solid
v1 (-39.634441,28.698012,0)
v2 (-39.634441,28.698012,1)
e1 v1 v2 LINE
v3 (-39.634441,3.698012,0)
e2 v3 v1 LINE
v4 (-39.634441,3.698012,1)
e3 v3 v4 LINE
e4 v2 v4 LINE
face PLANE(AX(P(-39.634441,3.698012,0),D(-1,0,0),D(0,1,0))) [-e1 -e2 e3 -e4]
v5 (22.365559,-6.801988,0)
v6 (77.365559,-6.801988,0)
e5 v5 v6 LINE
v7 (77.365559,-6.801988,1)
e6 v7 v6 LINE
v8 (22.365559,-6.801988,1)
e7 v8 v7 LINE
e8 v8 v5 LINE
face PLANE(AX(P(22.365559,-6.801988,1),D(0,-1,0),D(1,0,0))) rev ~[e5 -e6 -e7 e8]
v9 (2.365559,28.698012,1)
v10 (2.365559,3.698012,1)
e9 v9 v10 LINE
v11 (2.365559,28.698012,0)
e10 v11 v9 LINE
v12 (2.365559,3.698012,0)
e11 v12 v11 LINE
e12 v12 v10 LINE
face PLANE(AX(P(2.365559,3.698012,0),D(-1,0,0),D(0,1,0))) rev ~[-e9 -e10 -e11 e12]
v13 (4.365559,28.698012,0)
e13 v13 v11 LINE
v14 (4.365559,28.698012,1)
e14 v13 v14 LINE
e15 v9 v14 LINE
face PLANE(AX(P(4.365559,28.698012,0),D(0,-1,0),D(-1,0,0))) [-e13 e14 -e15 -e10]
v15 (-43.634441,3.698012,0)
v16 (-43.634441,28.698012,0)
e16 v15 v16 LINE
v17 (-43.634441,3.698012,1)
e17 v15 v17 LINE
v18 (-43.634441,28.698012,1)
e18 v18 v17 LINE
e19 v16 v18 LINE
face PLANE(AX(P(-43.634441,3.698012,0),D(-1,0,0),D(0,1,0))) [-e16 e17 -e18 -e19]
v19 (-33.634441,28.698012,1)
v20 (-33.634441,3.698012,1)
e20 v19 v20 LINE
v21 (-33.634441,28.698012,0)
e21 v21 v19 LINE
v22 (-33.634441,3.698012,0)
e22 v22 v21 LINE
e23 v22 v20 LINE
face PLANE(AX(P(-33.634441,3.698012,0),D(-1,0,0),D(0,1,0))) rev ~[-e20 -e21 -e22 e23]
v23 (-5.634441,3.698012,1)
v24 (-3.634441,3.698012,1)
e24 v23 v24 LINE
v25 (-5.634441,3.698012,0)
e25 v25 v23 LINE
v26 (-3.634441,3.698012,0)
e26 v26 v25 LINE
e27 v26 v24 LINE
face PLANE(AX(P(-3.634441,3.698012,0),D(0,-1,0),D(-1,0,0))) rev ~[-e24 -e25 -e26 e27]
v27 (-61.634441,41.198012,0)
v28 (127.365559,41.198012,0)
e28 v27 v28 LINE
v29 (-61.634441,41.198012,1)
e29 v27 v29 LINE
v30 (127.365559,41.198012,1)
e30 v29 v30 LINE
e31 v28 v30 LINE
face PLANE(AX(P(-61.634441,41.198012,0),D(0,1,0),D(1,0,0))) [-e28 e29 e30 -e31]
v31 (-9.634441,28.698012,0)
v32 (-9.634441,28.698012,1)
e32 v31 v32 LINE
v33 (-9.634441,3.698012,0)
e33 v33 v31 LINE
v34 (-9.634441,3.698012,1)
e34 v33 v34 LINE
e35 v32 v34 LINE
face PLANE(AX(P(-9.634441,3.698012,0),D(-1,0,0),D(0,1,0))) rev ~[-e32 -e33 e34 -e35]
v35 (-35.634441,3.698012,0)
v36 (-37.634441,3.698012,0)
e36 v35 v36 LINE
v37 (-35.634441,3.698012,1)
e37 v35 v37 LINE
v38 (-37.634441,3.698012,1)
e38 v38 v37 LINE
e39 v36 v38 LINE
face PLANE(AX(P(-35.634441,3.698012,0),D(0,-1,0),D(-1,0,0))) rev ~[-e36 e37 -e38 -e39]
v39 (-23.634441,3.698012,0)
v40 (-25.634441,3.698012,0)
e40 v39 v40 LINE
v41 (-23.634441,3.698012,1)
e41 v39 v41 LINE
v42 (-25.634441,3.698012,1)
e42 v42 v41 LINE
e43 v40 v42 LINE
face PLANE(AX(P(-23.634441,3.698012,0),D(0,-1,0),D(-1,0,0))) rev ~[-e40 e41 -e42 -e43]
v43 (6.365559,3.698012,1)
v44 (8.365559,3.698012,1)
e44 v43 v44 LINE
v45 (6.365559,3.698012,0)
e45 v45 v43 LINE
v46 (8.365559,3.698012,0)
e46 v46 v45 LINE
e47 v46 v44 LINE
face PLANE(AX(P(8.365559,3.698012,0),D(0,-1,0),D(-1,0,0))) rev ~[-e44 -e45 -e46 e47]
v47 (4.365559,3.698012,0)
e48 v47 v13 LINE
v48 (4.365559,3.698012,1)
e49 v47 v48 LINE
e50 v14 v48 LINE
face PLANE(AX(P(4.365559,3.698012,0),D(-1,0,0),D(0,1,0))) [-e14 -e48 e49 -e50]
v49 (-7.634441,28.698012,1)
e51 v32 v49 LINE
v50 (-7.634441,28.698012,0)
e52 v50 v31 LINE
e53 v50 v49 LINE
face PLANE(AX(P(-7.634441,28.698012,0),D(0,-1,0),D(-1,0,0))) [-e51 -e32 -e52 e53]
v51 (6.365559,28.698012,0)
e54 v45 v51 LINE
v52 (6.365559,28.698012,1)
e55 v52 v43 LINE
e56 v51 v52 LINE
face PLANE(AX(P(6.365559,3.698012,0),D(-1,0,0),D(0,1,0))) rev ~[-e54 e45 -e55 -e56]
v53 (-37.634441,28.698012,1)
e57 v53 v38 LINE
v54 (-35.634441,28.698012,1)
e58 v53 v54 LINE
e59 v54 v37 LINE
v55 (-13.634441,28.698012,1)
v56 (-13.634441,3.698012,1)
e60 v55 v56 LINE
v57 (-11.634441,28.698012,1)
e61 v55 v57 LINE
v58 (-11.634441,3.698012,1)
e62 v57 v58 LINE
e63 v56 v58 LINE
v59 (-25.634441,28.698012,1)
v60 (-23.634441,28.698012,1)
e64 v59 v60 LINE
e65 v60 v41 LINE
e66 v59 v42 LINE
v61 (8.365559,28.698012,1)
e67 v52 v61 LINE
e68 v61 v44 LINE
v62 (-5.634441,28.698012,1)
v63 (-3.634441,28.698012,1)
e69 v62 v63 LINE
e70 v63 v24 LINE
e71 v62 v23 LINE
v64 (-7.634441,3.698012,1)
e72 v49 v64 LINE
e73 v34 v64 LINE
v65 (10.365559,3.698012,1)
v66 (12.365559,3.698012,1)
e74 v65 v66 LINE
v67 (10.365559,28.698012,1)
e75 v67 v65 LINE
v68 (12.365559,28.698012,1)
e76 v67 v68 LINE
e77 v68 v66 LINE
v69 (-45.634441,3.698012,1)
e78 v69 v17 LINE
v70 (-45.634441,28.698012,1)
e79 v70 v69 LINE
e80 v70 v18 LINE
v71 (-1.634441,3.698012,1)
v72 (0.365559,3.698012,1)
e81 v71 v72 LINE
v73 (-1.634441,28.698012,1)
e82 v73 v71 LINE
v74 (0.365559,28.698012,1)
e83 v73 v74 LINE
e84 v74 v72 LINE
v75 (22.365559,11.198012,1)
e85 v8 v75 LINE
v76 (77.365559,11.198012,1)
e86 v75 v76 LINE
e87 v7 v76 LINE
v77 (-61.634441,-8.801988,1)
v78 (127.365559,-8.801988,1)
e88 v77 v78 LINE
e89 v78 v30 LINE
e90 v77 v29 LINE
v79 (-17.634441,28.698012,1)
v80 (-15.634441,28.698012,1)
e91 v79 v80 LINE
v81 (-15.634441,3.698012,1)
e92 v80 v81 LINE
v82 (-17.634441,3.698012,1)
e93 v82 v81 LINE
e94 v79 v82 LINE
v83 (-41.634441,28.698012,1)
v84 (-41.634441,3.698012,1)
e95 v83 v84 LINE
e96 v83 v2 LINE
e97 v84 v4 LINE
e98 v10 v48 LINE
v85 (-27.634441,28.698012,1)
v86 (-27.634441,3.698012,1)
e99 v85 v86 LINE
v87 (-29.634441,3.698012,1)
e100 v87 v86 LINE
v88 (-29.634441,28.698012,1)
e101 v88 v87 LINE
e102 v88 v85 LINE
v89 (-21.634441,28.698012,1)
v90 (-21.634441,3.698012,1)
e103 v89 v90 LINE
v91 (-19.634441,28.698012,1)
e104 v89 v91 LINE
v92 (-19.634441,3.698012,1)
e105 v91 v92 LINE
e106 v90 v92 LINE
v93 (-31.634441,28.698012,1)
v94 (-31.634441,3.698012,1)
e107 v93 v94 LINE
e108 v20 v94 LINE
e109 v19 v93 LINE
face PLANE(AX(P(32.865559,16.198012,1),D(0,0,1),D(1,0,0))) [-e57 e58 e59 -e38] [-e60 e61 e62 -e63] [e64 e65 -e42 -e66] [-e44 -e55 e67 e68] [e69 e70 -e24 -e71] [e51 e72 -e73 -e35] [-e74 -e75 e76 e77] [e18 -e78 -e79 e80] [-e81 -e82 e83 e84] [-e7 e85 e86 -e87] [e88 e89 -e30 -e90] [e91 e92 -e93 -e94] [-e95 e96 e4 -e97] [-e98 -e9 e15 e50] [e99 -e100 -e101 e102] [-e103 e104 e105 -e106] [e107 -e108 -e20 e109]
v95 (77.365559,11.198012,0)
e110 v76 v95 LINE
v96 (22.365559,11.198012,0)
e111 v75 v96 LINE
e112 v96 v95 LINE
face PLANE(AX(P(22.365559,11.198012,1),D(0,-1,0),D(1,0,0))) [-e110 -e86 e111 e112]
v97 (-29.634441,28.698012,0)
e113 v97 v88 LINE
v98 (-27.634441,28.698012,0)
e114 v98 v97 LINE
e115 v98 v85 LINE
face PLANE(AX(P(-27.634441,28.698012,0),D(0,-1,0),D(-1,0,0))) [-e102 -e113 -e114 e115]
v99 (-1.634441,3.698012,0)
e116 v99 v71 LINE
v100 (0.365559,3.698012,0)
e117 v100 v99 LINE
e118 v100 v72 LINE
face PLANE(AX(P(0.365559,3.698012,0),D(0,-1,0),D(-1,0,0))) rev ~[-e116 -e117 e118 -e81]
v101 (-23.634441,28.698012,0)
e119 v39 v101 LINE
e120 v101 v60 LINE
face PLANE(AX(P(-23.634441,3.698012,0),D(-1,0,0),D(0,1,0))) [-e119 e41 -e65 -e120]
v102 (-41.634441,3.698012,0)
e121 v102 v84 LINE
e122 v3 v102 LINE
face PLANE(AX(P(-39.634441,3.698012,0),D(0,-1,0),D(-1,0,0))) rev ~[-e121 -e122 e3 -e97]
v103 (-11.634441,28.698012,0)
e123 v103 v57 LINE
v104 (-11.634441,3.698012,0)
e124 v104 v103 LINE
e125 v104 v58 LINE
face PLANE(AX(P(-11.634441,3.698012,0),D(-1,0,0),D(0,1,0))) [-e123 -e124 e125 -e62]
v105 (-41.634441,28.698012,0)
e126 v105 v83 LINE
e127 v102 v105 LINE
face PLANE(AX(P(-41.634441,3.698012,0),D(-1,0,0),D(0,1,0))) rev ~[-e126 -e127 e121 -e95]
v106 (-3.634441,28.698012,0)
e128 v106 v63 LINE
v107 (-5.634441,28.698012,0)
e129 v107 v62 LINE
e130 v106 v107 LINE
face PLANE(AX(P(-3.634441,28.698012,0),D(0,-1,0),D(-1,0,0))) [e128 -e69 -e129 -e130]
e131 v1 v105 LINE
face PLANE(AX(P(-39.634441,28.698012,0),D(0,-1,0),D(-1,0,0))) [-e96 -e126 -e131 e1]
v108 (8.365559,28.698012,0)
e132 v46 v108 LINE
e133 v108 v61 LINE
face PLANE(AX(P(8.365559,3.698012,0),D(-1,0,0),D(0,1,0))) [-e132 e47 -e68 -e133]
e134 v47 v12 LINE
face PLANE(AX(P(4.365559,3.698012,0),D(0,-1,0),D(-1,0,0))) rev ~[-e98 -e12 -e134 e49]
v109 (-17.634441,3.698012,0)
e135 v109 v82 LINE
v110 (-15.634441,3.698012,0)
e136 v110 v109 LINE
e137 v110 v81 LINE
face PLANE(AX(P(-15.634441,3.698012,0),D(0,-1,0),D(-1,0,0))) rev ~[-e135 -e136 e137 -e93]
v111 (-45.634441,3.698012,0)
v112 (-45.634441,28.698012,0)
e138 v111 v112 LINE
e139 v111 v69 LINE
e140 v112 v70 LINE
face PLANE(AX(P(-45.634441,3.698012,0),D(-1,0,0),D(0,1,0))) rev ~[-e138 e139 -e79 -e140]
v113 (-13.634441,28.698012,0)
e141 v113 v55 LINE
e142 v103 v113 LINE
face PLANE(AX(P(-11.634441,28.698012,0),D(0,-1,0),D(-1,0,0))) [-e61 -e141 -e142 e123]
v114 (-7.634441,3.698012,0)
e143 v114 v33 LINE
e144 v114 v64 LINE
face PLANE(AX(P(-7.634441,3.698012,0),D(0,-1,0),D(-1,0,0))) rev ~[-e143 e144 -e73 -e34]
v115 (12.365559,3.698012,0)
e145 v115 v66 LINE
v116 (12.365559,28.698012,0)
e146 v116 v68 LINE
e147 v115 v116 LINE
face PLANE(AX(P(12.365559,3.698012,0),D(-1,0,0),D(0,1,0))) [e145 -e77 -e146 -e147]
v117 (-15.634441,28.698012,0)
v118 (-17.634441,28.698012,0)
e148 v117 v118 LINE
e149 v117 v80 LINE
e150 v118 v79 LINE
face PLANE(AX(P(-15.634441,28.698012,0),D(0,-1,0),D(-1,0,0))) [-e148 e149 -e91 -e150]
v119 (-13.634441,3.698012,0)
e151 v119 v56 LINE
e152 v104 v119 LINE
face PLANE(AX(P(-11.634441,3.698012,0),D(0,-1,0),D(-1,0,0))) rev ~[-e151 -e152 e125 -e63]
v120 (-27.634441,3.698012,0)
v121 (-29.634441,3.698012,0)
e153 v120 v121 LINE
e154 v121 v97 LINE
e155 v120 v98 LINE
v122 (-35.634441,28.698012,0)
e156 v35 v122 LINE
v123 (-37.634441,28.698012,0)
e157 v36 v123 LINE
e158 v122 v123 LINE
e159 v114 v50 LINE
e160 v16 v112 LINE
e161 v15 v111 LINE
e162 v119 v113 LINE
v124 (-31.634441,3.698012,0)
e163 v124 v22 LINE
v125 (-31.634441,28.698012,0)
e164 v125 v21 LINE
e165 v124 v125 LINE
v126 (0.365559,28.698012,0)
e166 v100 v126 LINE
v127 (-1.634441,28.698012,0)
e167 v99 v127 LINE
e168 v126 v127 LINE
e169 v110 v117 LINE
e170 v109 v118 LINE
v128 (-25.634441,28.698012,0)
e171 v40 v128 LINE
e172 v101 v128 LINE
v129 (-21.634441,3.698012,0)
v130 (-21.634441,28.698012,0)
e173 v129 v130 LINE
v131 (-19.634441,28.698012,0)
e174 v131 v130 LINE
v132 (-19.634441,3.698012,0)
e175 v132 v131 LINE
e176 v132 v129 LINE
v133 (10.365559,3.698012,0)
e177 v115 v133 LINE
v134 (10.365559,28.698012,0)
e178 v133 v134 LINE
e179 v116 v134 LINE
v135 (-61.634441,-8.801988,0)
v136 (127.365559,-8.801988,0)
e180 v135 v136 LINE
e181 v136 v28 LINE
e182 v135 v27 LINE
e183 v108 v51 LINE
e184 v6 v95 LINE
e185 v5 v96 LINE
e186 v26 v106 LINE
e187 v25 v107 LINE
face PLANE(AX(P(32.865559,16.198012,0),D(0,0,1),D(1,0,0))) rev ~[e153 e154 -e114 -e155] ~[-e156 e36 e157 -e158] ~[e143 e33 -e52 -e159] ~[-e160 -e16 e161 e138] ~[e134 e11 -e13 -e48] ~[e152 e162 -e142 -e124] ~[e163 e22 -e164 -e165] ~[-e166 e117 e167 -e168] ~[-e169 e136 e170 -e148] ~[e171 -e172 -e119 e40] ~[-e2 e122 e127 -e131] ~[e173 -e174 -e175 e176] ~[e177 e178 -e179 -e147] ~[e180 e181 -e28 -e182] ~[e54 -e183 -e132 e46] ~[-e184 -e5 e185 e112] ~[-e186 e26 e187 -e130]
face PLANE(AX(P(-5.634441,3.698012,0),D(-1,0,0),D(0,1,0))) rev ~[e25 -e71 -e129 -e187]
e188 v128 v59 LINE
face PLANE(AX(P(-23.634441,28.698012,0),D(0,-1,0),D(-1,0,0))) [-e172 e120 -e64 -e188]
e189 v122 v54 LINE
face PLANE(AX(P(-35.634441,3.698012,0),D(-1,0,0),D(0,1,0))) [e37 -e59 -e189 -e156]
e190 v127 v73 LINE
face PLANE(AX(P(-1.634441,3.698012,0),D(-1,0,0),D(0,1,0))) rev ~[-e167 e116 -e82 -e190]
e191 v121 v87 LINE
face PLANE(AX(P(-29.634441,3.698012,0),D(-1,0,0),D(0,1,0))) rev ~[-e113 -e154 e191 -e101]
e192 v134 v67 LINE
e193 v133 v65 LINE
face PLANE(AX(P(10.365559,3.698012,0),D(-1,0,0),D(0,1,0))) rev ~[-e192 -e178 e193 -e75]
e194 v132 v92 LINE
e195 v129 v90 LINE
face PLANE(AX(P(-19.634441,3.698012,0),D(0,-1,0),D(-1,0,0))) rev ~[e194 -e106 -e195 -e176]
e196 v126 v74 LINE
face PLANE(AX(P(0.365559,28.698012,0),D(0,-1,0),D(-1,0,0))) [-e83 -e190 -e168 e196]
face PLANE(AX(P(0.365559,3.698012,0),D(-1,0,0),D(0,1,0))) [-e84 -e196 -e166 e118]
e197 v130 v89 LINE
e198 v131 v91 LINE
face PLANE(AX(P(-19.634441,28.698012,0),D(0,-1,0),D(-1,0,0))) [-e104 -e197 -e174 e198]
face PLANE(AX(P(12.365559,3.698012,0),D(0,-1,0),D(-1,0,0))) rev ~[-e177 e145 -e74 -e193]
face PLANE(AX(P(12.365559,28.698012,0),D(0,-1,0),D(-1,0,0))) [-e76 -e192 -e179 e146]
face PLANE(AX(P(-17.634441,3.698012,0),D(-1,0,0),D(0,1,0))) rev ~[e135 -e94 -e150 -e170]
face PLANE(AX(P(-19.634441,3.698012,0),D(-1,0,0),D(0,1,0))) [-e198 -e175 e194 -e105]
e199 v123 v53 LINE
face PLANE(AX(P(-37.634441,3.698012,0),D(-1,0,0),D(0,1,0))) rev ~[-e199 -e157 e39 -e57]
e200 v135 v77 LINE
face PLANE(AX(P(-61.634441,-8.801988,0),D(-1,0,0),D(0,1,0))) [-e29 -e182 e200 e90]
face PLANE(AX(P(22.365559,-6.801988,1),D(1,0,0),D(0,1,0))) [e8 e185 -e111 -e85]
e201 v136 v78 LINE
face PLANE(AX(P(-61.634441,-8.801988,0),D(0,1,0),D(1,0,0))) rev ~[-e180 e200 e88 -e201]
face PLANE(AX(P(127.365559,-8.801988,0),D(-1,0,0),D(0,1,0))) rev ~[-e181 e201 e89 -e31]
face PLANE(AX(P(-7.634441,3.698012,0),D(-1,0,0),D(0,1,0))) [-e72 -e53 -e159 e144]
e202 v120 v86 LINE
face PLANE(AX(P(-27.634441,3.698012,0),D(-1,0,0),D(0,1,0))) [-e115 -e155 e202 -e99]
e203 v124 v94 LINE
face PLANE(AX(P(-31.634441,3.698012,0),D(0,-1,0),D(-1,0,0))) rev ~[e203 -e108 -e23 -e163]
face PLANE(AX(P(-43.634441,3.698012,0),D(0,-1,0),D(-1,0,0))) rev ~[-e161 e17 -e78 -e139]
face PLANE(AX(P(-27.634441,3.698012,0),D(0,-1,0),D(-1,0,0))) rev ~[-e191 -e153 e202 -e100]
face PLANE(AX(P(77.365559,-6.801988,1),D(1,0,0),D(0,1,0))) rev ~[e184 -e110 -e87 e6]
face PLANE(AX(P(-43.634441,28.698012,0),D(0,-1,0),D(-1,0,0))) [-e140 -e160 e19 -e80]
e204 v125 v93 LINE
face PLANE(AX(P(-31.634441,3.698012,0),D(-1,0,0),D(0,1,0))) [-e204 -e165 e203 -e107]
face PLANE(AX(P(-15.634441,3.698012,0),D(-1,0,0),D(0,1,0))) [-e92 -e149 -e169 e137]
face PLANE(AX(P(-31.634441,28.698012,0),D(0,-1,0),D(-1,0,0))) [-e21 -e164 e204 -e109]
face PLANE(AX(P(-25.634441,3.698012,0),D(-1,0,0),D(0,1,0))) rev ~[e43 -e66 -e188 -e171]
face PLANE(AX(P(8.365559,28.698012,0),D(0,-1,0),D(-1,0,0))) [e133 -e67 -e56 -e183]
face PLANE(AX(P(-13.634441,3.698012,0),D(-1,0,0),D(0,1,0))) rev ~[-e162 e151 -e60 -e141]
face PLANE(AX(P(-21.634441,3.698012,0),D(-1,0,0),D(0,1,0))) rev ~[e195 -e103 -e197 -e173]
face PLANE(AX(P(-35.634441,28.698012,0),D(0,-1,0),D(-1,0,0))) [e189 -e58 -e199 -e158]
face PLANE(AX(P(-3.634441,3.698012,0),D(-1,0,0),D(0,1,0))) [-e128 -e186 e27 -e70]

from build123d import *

# Parameters (mm, degrees)
SKETCH1_W           = 189
SKETCH1_H           = 50
BOSS_EXTRUDE1_DEPTH = 1
SKETCH2_W           = 55
SKETCH2_H           = 18
CUT_EXTRUDE1_DEPTH  = 2
SKETCH3_W           = 2
SKETCH3_H           = 25
CUT_EXTRUDE2_DEPTH  = 2


with BuildPart() as part:
    # Sketch1 → Boss-Extrude1 (new body)
    with BuildSketch(Plane.XY):
        with Locations((32.8655586, 16.198012015)):
            Rectangle(SKETCH1_W, SKETCH1_H)
    extrude(amount=BOSS_EXTRUDE1_DEPTH)

    # Sketch2 → Cut-Extrude1 (cut, through all)
    with BuildSketch(Plane.XY.offset(1)):
        with Locations((49.8655586, 2.198012015)):
            Rectangle(SKETCH2_W, SKETCH2_H)
    extrude(amount=-CUT_EXTRUDE1_DEPTH, mode=Mode.SUBTRACT)

    # Sketch3 → Cut-Extrude2 (cut, through all)
    with BuildSketch(Plane(origin=(0, 0, 0), x_dir=(-1, 0, 0), z_dir=(0, 0, -1))):
        with Locations((-11.3655586, 16.198012015)):
            Rectangle(SKETCH3_W, SKETCH3_H)
        with Locations((-7.3655586, 16.198012015)):
            Rectangle(SKETCH3_W, SKETCH3_H)
        with Locations((-3.3655586, 16.198012015)):
            Rectangle(SKETCH3_W, SKETCH3_H)
        with Locations((0.6344414, 16.198012015)):
            Rectangle(SKETCH3_W, SKETCH3_H)
        with Locations((4.6344414, 16.198012015)):
            Rectangle(SKETCH3_W, SKETCH3_H)
        with Locations((8.6344414, 16.198012015)):
            Rectangle(SKETCH3_W, SKETCH3_H)
        with Locations((12.6344414, 16.198012015)):
            Rectangle(SKETCH3_W, SKETCH3_H)
        with Locations((16.6344414, 16.198012015)):
            Rectangle(SKETCH3_W, SKETCH3_H)
        with Locations((20.6344414, 16.198012015)):
            Rectangle(SKETCH3_W, SKETCH3_H)
        with Locations((24.6344414, 16.198012015)):
            Rectangle(SKETCH3_W, SKETCH3_H)
        with Locations((28.6344414, 16.198012015)):
            Rectangle(SKETCH3_W, SKETCH3_H)
        with Locations((32.6344414, 16.198012015)):
            Rectangle(SKETCH3_W, SKETCH3_H)
        with Locations((36.6344414, 16.198012015)):
            Rectangle(SKETCH3_W, SKETCH3_H)
        with Locations((40.6344414, 16.198012015)):
            Rectangle(SKETCH3_W, SKETCH3_H)
        with Locations((44.6344414, 16.198012015)):
            Rectangle(SKETCH3_W, SKETCH3_H)
    extrude(amount=-CUT_EXTRUDE2_DEPTH, mode=Mode.SUBTRACT)


solid = part.part
